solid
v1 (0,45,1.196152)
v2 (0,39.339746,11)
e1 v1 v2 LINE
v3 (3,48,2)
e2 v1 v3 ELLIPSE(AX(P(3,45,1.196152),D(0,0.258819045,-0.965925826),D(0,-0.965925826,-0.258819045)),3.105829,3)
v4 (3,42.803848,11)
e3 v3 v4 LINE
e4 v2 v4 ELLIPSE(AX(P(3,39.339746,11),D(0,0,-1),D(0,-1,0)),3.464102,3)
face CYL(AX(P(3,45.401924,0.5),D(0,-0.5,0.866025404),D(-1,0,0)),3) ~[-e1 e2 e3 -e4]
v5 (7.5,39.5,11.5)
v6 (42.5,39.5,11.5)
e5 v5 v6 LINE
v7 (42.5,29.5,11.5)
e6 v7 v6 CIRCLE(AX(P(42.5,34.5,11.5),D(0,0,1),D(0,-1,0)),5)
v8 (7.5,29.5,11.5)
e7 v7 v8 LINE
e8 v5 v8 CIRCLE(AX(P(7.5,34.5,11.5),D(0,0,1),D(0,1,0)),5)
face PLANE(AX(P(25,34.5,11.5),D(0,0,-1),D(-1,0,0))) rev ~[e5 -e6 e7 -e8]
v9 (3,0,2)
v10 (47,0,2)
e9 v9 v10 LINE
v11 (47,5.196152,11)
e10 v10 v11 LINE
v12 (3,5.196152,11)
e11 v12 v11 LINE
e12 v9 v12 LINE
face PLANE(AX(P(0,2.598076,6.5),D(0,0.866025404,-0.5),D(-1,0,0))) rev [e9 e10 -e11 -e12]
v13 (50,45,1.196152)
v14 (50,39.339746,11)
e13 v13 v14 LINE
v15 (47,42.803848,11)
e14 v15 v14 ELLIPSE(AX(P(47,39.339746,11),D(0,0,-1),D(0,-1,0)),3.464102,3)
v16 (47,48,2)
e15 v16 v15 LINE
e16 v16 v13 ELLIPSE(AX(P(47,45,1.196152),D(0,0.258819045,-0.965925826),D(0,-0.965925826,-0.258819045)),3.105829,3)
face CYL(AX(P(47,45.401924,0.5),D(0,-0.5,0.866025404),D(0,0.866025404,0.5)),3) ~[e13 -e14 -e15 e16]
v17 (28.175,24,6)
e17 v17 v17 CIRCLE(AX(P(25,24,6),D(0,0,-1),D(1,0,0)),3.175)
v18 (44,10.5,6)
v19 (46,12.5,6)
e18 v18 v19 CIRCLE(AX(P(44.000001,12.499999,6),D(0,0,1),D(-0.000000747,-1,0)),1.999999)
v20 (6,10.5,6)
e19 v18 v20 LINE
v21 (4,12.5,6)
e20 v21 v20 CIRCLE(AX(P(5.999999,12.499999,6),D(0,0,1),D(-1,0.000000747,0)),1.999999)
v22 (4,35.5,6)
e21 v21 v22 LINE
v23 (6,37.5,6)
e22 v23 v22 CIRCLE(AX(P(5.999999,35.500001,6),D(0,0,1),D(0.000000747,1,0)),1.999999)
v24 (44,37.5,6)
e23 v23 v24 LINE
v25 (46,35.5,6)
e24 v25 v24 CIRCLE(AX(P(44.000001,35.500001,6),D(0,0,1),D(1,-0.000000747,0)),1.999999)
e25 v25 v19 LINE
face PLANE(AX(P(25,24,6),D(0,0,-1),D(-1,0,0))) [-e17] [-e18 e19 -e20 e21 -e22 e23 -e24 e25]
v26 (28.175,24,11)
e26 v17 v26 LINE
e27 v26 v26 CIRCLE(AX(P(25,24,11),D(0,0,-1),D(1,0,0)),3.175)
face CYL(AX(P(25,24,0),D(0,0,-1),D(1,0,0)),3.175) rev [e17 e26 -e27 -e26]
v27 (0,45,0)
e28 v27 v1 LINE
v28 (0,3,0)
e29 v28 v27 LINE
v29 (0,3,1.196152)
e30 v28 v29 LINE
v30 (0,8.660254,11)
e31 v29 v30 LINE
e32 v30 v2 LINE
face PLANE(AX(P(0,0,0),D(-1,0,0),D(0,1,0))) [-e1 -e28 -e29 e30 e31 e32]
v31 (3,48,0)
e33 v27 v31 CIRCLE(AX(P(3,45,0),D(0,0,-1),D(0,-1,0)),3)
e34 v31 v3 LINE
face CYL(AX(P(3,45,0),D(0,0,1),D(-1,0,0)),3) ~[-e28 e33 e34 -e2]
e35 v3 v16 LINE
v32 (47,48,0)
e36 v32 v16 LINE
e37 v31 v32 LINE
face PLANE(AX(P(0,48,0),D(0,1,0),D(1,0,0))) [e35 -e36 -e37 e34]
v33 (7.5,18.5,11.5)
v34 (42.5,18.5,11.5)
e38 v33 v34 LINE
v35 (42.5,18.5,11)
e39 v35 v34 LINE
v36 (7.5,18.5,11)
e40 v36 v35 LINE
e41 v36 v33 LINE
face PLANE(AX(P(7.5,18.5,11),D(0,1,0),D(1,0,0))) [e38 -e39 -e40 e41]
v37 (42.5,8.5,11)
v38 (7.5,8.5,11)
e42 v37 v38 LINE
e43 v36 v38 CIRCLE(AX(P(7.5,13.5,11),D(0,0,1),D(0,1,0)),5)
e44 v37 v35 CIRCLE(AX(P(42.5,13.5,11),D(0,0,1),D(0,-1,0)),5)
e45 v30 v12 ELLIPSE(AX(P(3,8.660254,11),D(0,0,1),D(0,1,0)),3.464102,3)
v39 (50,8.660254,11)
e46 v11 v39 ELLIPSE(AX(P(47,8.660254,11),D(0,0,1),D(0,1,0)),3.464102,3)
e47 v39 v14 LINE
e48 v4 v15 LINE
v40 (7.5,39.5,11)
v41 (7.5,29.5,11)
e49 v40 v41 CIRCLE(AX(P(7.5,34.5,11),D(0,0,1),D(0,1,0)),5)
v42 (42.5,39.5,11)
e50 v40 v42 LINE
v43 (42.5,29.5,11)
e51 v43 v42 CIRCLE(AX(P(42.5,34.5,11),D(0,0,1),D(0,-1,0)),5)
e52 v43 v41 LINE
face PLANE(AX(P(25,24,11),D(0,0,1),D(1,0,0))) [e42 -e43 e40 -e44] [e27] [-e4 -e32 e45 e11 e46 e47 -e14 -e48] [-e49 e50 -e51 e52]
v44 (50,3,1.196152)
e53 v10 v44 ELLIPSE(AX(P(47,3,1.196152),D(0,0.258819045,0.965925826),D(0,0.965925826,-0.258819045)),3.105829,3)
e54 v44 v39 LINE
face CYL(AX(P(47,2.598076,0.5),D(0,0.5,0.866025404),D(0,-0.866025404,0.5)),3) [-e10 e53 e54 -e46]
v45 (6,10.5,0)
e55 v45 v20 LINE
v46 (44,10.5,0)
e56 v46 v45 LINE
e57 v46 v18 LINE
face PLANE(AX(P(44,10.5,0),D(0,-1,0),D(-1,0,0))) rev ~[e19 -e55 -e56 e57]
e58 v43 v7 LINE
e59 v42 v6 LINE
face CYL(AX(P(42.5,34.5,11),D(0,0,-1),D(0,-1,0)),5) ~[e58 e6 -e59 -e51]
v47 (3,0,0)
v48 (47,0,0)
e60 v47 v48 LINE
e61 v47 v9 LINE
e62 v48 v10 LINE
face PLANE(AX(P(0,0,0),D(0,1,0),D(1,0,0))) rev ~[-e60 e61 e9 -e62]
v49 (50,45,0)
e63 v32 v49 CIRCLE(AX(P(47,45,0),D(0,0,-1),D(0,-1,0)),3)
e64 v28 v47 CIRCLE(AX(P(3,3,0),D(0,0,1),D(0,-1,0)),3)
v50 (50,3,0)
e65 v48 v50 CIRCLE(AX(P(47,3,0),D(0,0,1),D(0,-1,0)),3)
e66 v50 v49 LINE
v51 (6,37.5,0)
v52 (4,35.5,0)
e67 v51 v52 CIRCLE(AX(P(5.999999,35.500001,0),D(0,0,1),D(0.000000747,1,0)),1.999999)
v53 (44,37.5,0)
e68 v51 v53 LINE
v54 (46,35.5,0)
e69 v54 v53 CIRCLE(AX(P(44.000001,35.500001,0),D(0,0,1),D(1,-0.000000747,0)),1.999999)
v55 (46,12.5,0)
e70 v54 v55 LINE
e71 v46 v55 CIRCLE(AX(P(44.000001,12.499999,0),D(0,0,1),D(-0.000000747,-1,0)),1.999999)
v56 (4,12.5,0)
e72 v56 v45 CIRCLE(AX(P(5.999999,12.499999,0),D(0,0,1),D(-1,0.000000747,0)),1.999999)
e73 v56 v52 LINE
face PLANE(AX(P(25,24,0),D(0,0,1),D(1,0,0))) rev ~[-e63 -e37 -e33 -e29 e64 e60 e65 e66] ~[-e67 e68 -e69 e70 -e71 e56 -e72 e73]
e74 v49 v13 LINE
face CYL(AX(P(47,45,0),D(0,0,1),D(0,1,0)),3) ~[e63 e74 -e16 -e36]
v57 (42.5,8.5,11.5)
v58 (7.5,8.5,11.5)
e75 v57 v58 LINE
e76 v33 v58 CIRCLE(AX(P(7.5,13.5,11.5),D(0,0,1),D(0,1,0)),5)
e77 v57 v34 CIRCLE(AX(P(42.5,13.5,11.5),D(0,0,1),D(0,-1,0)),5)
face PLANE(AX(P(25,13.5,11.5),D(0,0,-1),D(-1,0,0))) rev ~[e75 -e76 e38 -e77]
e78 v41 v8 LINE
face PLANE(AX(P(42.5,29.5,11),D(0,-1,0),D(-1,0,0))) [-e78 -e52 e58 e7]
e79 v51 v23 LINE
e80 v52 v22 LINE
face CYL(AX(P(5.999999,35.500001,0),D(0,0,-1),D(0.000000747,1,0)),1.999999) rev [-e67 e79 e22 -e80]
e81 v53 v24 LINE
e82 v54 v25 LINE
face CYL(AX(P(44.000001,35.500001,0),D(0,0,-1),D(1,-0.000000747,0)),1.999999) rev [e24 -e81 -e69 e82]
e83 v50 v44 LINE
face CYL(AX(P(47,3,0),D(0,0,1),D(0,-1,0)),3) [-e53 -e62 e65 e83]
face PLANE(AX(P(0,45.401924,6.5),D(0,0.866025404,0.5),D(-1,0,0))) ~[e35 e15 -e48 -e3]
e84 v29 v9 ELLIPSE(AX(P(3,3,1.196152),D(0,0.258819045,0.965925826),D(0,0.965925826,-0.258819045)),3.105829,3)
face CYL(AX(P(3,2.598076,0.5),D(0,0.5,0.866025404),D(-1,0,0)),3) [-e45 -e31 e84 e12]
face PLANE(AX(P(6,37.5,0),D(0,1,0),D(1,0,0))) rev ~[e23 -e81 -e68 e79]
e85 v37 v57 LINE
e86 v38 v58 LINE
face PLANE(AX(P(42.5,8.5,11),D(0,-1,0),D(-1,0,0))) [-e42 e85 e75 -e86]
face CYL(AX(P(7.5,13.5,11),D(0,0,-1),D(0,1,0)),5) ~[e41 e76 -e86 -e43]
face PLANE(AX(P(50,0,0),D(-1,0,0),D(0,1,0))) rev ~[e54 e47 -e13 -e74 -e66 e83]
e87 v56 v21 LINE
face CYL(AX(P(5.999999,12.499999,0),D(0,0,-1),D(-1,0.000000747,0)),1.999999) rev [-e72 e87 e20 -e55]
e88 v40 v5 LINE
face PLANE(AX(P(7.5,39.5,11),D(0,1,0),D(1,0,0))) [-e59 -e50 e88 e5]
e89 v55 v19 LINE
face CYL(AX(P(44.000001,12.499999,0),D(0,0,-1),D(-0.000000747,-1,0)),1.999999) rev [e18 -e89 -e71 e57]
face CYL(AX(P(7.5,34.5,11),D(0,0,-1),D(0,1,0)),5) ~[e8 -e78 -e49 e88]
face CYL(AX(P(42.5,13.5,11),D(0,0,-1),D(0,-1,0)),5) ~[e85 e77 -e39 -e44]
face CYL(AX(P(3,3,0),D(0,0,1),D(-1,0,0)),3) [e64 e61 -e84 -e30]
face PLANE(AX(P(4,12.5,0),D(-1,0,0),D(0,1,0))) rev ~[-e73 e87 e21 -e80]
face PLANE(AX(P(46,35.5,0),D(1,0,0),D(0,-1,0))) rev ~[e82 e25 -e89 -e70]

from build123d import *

# Parameters (mm, degrees)
SKETCH_W        = 50
SKETCH_H        = 48
PAD_DEPTH       = 11
CHAMFER_1_ANGLE = 30
CHAMFER_1_SIZE  = 9
CHAMFER_2_ANGLE = 30
CHAMFER_2_SIZE  = 9
FILLET_R        = 3
PAD001_DEPTH    = 0.5
SKETCH002_R     = 3.175
POCKET_DEPTH    = 11.501
POCKET001_DEPTH = 6


with BuildPart() as part:
    # Sketch → Pad (new body)
    with BuildSketch(Plane.XY):
        with Locations((25, 24)):
            Rectangle(SKETCH_W, SKETCH_H)
    extrude(amount=PAD_DEPTH)

    # Chamfer 1
    chamfer_1_edges = [part.edges().sort_by_distance(p)[0] for p in [
        (25, 0, 11),
    ]]
    chamfer_1_side = part.faces().sort_by_distance((25, 0, 5.5))[0]
    chamfer(chamfer_1_edges, length=CHAMFER_1_SIZE, angle=CHAMFER_1_ANGLE, reference=chamfer_1_side)

    # Chamfer 2
    chamfer_2_edges = [part.edges().sort_by_distance(p)[0] for p in [
        (25, 48, 11),
    ]]
    chamfer_2_side = part.faces().sort_by_distance((25, 48, 5.5))[0]
    chamfer(chamfer_2_edges, length=CHAMFER_2_SIZE, angle=CHAMFER_2_ANGLE, reference=chamfer_2_side)

    # Fillet
    fillet_edges = [part.edges().sort_by_distance(p)[0] for p in [
        (50, 2.598076, 6.5),
        (50, 0, 1),
        (50, 45.401924, 6.5),
        (50, 48, 1),
        (0, 45.401924, 6.5),
        (0, 48, 1),
        (0, 2.598076, 6.5),
        (0, 0, 1),
    ]]
    fillet(fillet_edges, radius=FILLET_R)

    # Sketch001 (on DatumPlane) → Pad001 (join)
    with BuildSketch(Plane.XY.offset(11)):
        with BuildLine():
            Line((7.5, 39.5), (42.5, 39.5))
            ThreePointArc((42.5, 29.5), (47.5, 34.5), (42.5, 39.5))
            Line((42.5, 29.5), (7.5, 29.5))
            ThreePointArc((7.5, 39.5), (2.5, 34.5), (7.5, 29.5))
        make_face()
        with BuildLine():
            Line((7.5, 18.5), (42.5, 18.5))
            ThreePointArc((42.5, 8.5), (47.5, 13.5), (42.5, 18.5))
            Line((42.5, 8.5), (7.5, 8.5))
            ThreePointArc((7.5, 18.5), (2.5, 13.5), (7.5, 8.5))
        make_face()
    extrude(amount=PAD001_DEPTH)

    # Sketch002 → Pocket (cut, through all)
    with BuildSketch(Plane.XY):
        with Locations((25, 24)):
            Circle(SKETCH002_R)
    extrude(amount=POCKET_DEPTH, mode=Mode.SUBTRACT)

    # Sketch003 → Pocket001 (cut)
    with BuildSketch(Plane.XY):
        with BuildLine():
            Line((6, 37.5), (44, 37.5))
            ThreePointArc((46, 35.5), (45.414214, 36.914214), (44, 37.5))
            Line((46, 35.5), (46, 12.5))
            ThreePointArc((44, 10.5), (45.414214, 11.085786), (46, 12.5))
            Line((44, 10.5), (6, 10.5))
            ThreePointArc((4, 12.5), (4.585786, 11.085786), (6, 10.5))
            Line((4, 12.5), (4, 35.5))
            ThreePointArc((6, 37.5), (4.585786, 36.914214), (4, 35.5))
        make_face()
    extrude(amount=POCKET001_DEPTH, mode=Mode.SUBTRACT)


solid = part.part
